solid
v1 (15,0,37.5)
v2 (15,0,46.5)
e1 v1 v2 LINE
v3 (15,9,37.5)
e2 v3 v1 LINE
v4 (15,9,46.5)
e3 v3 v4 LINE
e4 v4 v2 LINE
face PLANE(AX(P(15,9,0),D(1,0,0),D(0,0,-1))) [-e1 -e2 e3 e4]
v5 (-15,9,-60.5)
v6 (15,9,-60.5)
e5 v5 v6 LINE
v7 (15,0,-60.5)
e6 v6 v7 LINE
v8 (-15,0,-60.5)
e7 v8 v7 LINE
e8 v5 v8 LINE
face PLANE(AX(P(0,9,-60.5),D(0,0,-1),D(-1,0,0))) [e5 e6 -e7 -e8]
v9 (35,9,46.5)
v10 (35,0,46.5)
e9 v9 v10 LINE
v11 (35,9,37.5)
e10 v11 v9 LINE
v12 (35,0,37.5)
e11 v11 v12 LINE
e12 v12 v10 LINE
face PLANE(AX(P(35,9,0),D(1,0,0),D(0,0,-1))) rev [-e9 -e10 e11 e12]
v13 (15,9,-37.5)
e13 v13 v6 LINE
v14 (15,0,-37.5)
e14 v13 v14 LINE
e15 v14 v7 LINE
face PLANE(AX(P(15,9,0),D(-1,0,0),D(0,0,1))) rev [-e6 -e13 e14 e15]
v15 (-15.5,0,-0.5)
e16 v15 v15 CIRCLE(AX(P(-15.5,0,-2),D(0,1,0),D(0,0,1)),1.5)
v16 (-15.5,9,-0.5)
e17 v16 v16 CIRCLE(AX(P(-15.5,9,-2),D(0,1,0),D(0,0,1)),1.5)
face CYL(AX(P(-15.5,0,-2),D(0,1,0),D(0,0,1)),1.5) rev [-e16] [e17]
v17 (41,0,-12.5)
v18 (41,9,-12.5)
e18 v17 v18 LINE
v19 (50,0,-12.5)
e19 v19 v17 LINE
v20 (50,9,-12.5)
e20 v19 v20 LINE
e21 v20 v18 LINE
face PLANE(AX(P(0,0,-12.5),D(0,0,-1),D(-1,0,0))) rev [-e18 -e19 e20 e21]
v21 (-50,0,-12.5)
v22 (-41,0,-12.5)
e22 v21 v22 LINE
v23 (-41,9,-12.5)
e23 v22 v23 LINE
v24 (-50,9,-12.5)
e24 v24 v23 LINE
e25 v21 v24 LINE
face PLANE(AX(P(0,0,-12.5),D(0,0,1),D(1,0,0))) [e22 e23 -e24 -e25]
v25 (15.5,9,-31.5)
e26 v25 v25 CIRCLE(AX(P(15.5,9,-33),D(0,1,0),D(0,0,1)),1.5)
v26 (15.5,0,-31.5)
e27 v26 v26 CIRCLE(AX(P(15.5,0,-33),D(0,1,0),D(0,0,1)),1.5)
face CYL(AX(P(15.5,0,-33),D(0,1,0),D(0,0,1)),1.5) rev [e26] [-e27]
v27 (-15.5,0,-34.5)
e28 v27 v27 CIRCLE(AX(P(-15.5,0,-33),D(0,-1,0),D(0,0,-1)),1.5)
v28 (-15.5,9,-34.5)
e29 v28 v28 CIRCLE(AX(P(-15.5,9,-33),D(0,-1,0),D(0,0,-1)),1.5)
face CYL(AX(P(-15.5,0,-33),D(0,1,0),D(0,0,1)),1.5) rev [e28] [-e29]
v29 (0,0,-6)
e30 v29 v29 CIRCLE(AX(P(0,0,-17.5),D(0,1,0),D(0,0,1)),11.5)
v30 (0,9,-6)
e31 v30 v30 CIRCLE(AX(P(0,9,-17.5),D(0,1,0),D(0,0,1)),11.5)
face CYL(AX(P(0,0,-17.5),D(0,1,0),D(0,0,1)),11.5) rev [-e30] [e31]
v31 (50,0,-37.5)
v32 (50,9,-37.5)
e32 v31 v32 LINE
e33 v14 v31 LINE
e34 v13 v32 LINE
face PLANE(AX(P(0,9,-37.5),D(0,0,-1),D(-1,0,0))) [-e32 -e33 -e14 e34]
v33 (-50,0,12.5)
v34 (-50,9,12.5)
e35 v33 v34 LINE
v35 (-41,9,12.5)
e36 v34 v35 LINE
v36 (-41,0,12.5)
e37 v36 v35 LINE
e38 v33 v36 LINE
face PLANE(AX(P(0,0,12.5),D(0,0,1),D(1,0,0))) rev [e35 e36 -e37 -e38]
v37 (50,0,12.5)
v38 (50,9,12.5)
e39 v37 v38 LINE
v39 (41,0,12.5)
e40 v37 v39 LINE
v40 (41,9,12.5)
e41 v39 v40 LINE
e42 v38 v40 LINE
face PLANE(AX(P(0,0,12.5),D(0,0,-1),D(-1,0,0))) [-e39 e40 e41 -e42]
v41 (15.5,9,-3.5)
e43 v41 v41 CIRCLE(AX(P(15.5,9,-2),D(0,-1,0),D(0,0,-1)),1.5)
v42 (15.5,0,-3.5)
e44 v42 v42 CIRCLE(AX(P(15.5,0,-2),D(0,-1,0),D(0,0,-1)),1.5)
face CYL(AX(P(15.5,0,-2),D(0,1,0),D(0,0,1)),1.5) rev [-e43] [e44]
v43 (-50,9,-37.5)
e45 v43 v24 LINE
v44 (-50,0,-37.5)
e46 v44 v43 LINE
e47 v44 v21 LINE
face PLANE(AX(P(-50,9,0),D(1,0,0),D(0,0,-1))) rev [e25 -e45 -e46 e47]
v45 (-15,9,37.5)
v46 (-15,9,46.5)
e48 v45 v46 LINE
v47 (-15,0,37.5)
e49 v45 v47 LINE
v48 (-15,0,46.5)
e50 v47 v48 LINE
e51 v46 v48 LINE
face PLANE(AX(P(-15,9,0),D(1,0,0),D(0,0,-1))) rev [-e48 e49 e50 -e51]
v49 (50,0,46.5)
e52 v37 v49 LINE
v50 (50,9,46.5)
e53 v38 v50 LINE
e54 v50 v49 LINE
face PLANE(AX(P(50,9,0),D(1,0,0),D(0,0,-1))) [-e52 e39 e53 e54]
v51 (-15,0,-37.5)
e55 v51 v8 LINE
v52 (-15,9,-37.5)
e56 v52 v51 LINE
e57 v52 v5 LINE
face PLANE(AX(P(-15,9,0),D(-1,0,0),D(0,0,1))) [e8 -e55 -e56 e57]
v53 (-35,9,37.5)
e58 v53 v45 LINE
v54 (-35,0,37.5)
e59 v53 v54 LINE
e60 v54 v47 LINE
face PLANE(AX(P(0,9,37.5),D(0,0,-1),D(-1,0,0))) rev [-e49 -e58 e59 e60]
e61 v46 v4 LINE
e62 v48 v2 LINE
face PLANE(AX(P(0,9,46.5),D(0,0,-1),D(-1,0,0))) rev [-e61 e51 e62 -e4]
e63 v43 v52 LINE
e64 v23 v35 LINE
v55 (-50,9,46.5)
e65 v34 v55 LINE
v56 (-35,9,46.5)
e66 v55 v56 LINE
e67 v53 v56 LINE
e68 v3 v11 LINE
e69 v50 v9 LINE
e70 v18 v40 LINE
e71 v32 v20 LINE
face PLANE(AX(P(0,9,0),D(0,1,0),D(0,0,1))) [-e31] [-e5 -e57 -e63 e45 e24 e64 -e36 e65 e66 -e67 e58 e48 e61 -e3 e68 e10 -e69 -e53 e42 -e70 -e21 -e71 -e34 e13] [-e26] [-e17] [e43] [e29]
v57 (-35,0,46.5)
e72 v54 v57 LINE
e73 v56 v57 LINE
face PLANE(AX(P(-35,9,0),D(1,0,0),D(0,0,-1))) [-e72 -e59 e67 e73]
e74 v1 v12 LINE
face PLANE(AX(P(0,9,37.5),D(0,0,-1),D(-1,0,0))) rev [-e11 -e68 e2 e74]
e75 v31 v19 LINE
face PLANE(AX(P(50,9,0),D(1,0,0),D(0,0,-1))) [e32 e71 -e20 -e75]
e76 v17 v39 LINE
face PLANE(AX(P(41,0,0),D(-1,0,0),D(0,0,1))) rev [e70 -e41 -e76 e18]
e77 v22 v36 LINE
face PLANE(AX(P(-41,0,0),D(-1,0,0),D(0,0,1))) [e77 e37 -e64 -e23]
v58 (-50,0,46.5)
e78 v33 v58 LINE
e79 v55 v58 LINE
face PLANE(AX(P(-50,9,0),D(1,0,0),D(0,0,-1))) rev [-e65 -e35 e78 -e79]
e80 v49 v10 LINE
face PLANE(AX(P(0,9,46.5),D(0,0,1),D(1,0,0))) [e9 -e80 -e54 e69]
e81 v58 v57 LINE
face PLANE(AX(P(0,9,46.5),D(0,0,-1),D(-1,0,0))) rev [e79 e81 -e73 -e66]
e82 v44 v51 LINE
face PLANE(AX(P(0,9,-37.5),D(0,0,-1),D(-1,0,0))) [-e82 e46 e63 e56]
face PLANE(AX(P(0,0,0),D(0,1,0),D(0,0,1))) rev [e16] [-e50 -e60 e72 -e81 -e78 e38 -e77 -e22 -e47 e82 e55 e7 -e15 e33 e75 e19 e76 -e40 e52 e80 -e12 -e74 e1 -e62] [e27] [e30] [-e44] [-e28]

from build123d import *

# Parameters (mm, degrees)
BOSS_EXTRUDE1_DEPTH = 9
SKETCH4_R           = 11.5
SKETCH4_R_2         = 1.5
CUT_EXTRUDE1_DEPTH  = 80.001582263
SKETCH5_W           = 9
SKETCH5_H           = 25
CUT_EXTRUDE2_DEPTH  = 80.001582263
SKETCH6_W           = 15
SKETCH6_H           = 9
CUT_EXTRUDE3_DEPTH  = 80.001582263


with BuildPart() as part:
    # Sketch2 → Boss-Extrude1 (new body)
    with BuildSketch(Plane(origin=(0, 0, 0), x_dir=(1, 0, 0), z_dir=(0, 1, 0))):
        Polygon((-50, 46.5), (-50, -46.5), (-35, -46.5), (-35, -37.5), (-15, -37.5), (-15, -46.5), (15, -46.5), (15, -37.5), (35, -37.5), (35, -46.5), (50, -46.5), (50, 46.5), (35, 46.5), (35, 37.5), (15, 37.5), (15, 60.5), (-15, 60.5), (-15, 37.5), (-35, 37.5), (-35, 46.5), align=None)
    extrude(amount=BOSS_EXTRUDE1_DEPTH)

    # Sketch4 → Cut-Extrude1 (cut, through all)
    with BuildSketch(Plane(origin=(0, 9, 0), x_dir=(1, 0, 0), z_dir=(0, 1, 0))):
        with Locations(Location((0, 17.5, 0), (0, 0, 270))):
            Circle(SKETCH4_R)
        with Locations(Location((-15.5, 2, 0), (0, 0, 270))):
            Circle(SKETCH4_R_2)
        with Locations(Location((15.5, 2, 0), (0, 0, 90))):
            Circle(SKETCH4_R_2)
        with Locations(Location((15.5, 33, 0), (0, 0, 270))):
            Circle(SKETCH4_R_2)
        with Locations(Location((-15.5, 33, 0), (0, 0, 90))):
            Circle(SKETCH4_R_2)
    extrude(amount=-CUT_EXTRUDE1_DEPTH, mode=Mode.SUBTRACT)

    # Sketch5 → Cut-Extrude2 (cut, through all)
    with BuildSketch(Plane(origin=(0, 9, 0), x_dir=(1, 0, 0), z_dir=(0, 1, 0))):
        with Locations((-45.5, 0)):
            Rectangle(SKETCH5_W, SKETCH5_H)
        with Locations((45.5, 0)):
            Rectangle(SKETCH5_W, SKETCH5_H)
    extrude(amount=-CUT_EXTRUDE2_DEPTH, mode=Mode.SUBTRACT)

    # Sketch6 → Cut-Extrude3 (cut, through all)
    with BuildSketch(Plane(origin=(0, 9, 0), x_dir=(1, 0, 0), z_dir=(0, 1, 0))):
        with Locations((-42.5, 42)):
            Rectangle(SKETCH6_W, SKETCH6_H)
        with Locations((42.5, 42)):
            Rectangle(SKETCH6_W, SKETCH6_H)
    extrude(amount=-CUT_EXTRUDE3_DEPTH, mode=Mode.SUBTRACT)


solid = part.part
